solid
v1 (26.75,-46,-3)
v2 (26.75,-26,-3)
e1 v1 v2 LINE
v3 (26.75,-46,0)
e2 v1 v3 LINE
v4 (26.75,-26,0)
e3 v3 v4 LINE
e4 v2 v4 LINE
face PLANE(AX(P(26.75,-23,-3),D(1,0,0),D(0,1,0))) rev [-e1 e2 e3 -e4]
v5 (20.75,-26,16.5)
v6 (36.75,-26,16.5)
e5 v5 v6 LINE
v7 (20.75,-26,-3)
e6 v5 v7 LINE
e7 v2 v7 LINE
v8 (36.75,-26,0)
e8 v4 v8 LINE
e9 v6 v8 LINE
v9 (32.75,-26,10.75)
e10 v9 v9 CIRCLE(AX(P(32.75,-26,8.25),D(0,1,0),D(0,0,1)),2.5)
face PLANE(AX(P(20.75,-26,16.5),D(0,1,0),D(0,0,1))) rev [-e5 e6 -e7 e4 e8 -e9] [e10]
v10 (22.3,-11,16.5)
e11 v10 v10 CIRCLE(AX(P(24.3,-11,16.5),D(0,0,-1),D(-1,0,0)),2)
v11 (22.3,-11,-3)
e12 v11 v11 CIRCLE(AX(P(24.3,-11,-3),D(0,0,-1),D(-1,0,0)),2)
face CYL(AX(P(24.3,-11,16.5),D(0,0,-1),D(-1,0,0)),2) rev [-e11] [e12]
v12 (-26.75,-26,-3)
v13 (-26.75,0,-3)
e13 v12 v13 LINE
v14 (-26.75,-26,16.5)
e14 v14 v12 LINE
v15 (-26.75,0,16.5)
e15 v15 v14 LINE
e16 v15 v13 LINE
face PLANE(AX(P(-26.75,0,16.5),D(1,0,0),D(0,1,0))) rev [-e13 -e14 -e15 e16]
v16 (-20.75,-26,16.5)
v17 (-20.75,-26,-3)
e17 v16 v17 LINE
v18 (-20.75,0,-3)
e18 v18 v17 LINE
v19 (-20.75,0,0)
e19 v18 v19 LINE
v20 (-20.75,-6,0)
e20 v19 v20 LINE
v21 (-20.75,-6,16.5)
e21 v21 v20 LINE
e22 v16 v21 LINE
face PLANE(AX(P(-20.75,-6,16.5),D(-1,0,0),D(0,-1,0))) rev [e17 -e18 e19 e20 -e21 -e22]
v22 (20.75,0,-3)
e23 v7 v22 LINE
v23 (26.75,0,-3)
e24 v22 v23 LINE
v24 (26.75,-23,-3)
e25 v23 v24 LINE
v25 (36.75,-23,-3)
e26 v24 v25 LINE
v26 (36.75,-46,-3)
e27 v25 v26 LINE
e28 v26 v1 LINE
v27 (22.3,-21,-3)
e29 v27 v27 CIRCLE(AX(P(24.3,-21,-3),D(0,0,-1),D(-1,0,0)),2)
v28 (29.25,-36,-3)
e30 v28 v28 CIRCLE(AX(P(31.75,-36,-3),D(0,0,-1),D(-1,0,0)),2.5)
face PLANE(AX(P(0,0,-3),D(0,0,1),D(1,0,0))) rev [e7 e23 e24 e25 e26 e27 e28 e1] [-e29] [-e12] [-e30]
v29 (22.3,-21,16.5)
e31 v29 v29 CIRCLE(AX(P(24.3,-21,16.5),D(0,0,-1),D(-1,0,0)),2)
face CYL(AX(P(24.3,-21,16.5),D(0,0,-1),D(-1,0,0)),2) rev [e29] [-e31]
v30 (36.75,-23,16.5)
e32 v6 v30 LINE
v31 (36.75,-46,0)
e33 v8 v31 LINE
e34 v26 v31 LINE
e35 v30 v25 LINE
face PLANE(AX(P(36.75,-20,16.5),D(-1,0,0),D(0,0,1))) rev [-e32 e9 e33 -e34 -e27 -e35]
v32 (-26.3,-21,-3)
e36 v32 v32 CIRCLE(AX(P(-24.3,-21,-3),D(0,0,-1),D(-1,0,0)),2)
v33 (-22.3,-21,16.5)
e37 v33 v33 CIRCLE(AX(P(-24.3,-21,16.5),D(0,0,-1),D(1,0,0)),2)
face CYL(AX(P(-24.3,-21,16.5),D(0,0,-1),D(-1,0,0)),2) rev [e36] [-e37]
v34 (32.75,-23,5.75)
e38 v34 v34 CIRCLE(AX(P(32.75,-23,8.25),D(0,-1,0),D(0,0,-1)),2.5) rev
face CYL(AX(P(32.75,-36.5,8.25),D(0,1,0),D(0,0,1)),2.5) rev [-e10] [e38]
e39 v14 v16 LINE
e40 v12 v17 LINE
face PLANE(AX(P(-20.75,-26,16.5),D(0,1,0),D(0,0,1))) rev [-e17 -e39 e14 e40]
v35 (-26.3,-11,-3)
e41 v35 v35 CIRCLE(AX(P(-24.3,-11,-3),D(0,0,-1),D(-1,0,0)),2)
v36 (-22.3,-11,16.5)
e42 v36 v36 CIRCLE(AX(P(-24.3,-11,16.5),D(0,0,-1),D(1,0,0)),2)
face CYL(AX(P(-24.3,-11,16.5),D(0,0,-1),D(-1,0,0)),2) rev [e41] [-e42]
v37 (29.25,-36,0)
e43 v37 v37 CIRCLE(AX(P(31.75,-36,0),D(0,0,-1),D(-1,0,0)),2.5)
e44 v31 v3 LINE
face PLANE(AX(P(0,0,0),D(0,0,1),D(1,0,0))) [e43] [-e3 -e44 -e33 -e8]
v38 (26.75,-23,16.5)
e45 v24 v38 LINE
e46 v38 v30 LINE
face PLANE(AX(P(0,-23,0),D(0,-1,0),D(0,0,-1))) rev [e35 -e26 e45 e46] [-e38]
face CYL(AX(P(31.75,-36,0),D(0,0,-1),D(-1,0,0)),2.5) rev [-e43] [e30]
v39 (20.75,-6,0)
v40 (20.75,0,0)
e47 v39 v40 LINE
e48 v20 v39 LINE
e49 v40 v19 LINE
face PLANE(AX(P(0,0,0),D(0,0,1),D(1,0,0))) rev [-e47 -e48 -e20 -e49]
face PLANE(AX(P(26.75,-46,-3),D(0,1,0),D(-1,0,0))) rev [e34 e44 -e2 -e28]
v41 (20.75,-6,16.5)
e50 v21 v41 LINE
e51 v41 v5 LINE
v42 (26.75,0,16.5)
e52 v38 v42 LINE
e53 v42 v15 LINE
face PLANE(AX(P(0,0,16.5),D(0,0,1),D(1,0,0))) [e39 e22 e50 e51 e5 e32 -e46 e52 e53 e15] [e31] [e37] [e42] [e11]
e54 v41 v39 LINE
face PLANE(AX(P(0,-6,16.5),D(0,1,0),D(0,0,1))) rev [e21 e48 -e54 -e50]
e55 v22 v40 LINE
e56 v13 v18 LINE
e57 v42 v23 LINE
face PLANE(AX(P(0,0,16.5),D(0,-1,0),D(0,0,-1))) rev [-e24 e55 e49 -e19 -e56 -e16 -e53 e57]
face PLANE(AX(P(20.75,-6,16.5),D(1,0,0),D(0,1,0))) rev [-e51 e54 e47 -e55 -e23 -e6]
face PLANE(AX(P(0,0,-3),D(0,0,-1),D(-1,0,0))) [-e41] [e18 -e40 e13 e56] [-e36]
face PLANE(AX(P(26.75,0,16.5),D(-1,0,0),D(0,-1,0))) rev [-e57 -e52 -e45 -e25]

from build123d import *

# Parameters (mm, degrees)
EXTRUDE_1_DEPTH     = 16.5
SKETCH_2_R          = 2.5
CUT_EXTRUDE_1_DEPTH = 16.5
SKETCH_3_W          = 10
SKETCH_3_H          = 16.5
CUT_EXTRUDE_2_DEPTH = 3
SKETCH_4_W          = 11.896315449
SKETCH_4_H          = 29.084641161
CUT_EXTRUDE_3_DEPTH = 48.945933091
SKETCH_5_R          = 2
CUT_EXTRUDE_4_DEPTH = 48.945933091
SKETCH_6_W          = 10
SKETCH_6_H          = 23
EXTRUDE_2_DEPTH     = 3
SKETCH_7_R          = 2.5
CUT_EXTRUDE_5_DEPTH = 3
EXTRUDE_START       = 3
SKETCH_8_R          = 2
SKETCH_8_W          = 6
SKETCH_8_H          = 26
EXTRUDE_3_DEPTH     = 3
SKETCH_9_R          = 2.5
CUT_EXTRUDE_6_DEPTH = 3
SKETCH_10_W         = 10
SKETCH_10_H         = 20
CUT_EXTRUDE_7_DEPTH = 10


with BuildPart() as part:
    # 草图1 → 凸台-拉伸1 (new body)
    with BuildSketch(Plane.XY):
        Polygon((0, 0), (26.75, 0), (26.75, -20), (36.75, -20), (36.75, -26), (20.75, -26), (20.75, -6), (0, -6), (-20.75, -6), (-20.75, -26), (-36.75, -26), (-36.75, -20), (-26.75, -20), (-26.75, 0), align=None)
    extrude(amount=EXTRUDE_1_DEPTH)

    # 草图2 → 切除-拉伸1 (cut)
    with BuildSketch(Plane(origin=(0, -20, 0), x_dir=(1, 0, 0), z_dir=(0, 1, 0))):
        with Locations((32.75, -8.25)):
            Circle(SKETCH_2_R)
    extrude(amount=-CUT_EXTRUDE_1_DEPTH, mode=Mode.SUBTRACT)

    # 草图3 → 切除-拉伸2 (cut)
    with BuildSketch(Plane(origin=(0, -20, 0), x_dir=(1, 0, 0), z_dir=(0, 1, 0))):
        with Locations((31.75, -8.25)):
            Rectangle(SKETCH_3_W, SKETCH_3_H)
    extrude(amount=-CUT_EXTRUDE_2_DEPTH, mode=Mode.SUBTRACT)

    # 草图4 → 切除-拉伸3 (cut, through all)
    with BuildSketch(Plane.XY.offset(16.5)):
        with Locations((-32.698157724, -14.542320581)):
            Rectangle(SKETCH_4_W, SKETCH_4_H)
    extrude(amount=-CUT_EXTRUDE_3_DEPTH, mode=Mode.SUBTRACT)

    # 草图5 → 切除-拉伸4 (cut, through all)
    with BuildSketch(Plane(origin=(0, 0, 0), x_dir=(-1, 0, 0), z_dir=(0, 0, -1))):
        with Locations((-24.3, -11)):
            Circle(SKETCH_5_R)
        with Locations((-24.3, -21)):
            Circle(SKETCH_5_R)
        with Locations((24.3, -21)):
            Circle(SKETCH_5_R)
        with Locations((24.3, -11)):
            Circle(SKETCH_5_R)
    extrude(amount=-CUT_EXTRUDE_4_DEPTH, mode=Mode.SUBTRACT)

    # 草图6 → 凸台-拉伸2 (add)
    with BuildSketch(Plane(origin=(0, 0, 0), x_dir=(-1, 0, 0), z_dir=(0, 0, -1))):
        with Locations((-31.75, -34.5)):
            Rectangle(SKETCH_6_W, SKETCH_6_H)
    extrude(amount=EXTRUDE_2_DEPTH)

    # 草图7 → 切除-拉伸5 (cut)
    with BuildSketch(Plane(origin=(0, 0, -3), x_dir=(-1, 0, 0), z_dir=(0, 0, -1))):
        with Locations((-31.75, -36)):
            Circle(SKETCH_7_R)
    extrude(amount=-CUT_EXTRUDE_5_DEPTH, mode=Mode.SUBTRACT)

    # 草图8 → 凸台-拉伸3 (add)
    # profile 1 of 2: a face of its own
    with BuildSketch(Plane(origin=(0, 0, 0), x_dir=(-1, 0, 0), z_dir=(0, 0, -1)).offset(EXTRUDE_START)):
        Polygon((26.75, 0), (20.75, 0), (20.75, -46), (26.75, -46), (30.75, -46), (30.75, -26), (26.75, -26), align=None)
        with Locations((24.3, -21)):
            Circle(SKETCH_8_R, mode=Mode.SUBTRACT)
        with Locations((24.3, -11)):
            Circle(SKETCH_8_R, mode=Mode.SUBTRACT)
    # profile 2 of 2: a face of its own
    with BuildSketch(Plane(origin=(0, 0, 0), x_dir=(-1, 0, 0), z_dir=(0, 0, -1)).offset(EXTRUDE_START)):
        with Locations((-23.75, -13)):
            Rectangle(SKETCH_8_W, SKETCH_8_H)
        with Locations((-24.3, -11)):
            Circle(SKETCH_8_R, mode=Mode.SUBTRACT)
        with Locations((-24.3, -21)):
            Circle(SKETCH_8_R, mode=Mode.SUBTRACT)
    extrude(amount=-EXTRUDE_3_DEPTH)

    # 草图9 → 切除-拉伸6 (cut)
    with BuildSketch(Plane(origin=(0, 0, -3), x_dir=(-1, 0, 0), z_dir=(0, 0, -1))):
        with Locations((25.75, -36)):
            Circle(SKETCH_9_R)
    extrude(amount=-CUT_EXTRUDE_6_DEPTH, mode=Mode.SUBTRACT)

    # 草图10 → 切除-拉伸7 (cut)
    with BuildSketch(Plane(origin=(0, 0, -3), x_dir=(-1, 0, 0), z_dir=(0, 0, -1))):
        with Locations((25.75, -36)):
            Rectangle(SKETCH_10_W, SKETCH_10_H)
    extrude(amount=-CUT_EXTRUDE_7_DEPTH, mode=Mode.SUBTRACT)


solid = part.part
